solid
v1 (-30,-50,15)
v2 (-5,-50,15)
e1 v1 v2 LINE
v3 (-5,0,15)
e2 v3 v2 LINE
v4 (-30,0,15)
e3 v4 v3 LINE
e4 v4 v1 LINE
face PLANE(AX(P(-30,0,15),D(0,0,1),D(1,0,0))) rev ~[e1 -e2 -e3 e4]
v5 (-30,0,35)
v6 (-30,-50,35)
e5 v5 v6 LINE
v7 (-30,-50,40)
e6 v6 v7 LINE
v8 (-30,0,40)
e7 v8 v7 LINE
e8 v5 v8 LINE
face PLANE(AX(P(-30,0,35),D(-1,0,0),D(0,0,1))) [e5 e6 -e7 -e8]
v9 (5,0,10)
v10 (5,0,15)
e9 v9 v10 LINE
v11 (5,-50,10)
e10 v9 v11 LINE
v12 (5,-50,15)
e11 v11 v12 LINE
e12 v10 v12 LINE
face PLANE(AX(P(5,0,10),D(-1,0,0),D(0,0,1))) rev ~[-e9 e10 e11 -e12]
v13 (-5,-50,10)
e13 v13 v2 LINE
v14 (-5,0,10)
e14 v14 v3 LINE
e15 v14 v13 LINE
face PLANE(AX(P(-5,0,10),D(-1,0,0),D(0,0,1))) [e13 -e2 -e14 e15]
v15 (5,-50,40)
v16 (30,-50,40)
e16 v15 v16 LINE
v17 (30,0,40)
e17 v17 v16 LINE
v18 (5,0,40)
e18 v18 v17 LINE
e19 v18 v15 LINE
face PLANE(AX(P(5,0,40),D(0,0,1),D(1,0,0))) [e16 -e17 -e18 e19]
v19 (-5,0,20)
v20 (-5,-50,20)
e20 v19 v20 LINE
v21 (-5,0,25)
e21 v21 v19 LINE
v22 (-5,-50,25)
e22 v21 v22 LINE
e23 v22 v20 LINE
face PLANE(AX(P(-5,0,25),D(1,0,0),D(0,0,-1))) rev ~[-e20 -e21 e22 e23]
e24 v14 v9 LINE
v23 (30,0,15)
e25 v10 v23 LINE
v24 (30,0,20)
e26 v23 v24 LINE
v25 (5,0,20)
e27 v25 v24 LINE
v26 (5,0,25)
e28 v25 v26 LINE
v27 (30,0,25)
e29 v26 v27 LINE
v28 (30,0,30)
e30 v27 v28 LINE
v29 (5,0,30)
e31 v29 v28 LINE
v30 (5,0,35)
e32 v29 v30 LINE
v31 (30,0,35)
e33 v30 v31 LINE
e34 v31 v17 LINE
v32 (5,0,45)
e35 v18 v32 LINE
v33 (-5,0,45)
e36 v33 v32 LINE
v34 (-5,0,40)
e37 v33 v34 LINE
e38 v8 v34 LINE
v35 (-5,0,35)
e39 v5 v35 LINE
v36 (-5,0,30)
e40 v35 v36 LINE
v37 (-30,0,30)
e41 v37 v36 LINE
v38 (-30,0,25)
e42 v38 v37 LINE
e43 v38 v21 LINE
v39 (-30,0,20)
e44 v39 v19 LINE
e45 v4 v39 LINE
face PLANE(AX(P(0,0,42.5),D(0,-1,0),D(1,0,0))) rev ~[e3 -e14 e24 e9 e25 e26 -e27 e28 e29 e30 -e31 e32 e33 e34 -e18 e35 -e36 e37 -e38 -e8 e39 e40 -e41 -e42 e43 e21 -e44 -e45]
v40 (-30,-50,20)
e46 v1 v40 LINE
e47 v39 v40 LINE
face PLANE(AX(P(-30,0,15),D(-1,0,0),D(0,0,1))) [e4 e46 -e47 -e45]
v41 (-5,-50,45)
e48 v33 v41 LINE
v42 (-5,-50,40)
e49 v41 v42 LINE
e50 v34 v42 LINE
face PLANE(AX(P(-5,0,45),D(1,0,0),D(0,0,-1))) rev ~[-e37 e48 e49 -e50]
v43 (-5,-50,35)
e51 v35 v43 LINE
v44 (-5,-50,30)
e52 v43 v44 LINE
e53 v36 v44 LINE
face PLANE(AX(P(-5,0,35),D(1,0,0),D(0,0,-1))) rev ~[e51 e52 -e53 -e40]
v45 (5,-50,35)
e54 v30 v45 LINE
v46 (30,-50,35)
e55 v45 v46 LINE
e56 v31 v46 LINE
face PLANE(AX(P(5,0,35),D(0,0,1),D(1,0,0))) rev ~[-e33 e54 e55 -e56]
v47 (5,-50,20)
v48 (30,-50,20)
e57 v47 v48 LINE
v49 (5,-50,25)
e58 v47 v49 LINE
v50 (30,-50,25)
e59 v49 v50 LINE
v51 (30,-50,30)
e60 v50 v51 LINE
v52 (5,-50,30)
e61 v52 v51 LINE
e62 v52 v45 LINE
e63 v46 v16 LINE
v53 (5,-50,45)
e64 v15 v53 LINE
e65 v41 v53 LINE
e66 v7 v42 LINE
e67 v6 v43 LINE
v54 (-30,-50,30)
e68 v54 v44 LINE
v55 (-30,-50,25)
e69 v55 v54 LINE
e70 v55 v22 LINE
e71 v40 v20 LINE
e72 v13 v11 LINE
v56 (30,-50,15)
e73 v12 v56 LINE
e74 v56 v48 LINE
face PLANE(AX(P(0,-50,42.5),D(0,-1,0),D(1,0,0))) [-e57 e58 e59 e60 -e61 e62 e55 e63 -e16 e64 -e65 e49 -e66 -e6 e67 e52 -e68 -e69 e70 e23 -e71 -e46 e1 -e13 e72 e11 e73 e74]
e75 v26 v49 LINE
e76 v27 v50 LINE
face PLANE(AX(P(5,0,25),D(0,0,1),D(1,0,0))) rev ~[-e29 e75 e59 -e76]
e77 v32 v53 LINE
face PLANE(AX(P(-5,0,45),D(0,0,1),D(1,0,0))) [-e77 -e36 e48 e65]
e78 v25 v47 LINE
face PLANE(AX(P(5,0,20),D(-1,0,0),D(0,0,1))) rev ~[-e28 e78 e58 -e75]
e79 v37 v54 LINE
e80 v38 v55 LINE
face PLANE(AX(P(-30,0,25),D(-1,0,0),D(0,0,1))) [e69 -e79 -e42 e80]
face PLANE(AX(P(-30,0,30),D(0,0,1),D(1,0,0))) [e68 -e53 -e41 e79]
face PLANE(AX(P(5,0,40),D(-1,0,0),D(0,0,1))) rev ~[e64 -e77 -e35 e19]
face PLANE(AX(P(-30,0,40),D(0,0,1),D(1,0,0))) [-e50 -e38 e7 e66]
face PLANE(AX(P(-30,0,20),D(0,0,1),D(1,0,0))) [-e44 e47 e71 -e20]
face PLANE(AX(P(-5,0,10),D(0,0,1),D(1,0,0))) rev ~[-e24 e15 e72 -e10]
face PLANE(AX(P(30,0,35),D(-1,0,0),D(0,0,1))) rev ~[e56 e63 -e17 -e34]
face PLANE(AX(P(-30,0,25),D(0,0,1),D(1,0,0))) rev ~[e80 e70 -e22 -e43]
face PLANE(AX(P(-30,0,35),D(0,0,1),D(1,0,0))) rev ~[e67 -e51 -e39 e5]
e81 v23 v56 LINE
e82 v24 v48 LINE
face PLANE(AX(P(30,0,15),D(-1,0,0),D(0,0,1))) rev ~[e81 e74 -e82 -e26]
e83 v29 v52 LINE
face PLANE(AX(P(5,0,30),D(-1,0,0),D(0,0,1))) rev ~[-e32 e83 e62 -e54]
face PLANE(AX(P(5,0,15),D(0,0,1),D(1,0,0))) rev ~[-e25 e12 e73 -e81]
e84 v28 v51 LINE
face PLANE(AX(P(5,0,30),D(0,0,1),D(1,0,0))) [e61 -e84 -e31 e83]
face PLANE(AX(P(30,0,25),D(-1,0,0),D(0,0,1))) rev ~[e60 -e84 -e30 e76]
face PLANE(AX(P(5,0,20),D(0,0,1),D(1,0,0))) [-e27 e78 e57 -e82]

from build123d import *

# Parameters (mm, degrees)
F0_W     = 10
F0_H     = 5
F0_W_2   = 25
F1_DEPTH = 50


with BuildPart() as f1:
    # F0 (on Front) → F1 (new body)
    with BuildSketch(Plane.XZ):
        with Locations((0, 42.5)):
            Rectangle(F0_W, F0_H)
        with Locations((0, 37.5)):
            Rectangle(F0_W, F0_H)
        with Locations((-17.5, 37.5)):
            Rectangle(F0_W_2, F0_H)
        with Locations((17.5, 37.5)):
            Rectangle(F0_W_2, F0_H)
        with Locations((0, 32.5)):
            Rectangle(F0_W, F0_H)
        with Locations((0, 27.5)):
            Rectangle(F0_W, F0_H)
        with Locations((-17.5, 27.5)):
            Rectangle(F0_W_2, F0_H)
        with Locations((17.5, 27.5)):
            Rectangle(F0_W_2, F0_H)
        with Locations((0, 22.5)):
            Rectangle(F0_W, F0_H)
        with Locations((0, 17.5)):
            Rectangle(F0_W, F0_H)
        with Locations((-17.5, 17.5)):
            Rectangle(F0_W_2, F0_H)
        with Locations((17.5, 17.5)):
            Rectangle(F0_W_2, F0_H)
        with Locations((0, 12.5)):
            Rectangle(F0_W, F0_H)
    extrude(amount=F1_DEPTH)


solid = f1.part
